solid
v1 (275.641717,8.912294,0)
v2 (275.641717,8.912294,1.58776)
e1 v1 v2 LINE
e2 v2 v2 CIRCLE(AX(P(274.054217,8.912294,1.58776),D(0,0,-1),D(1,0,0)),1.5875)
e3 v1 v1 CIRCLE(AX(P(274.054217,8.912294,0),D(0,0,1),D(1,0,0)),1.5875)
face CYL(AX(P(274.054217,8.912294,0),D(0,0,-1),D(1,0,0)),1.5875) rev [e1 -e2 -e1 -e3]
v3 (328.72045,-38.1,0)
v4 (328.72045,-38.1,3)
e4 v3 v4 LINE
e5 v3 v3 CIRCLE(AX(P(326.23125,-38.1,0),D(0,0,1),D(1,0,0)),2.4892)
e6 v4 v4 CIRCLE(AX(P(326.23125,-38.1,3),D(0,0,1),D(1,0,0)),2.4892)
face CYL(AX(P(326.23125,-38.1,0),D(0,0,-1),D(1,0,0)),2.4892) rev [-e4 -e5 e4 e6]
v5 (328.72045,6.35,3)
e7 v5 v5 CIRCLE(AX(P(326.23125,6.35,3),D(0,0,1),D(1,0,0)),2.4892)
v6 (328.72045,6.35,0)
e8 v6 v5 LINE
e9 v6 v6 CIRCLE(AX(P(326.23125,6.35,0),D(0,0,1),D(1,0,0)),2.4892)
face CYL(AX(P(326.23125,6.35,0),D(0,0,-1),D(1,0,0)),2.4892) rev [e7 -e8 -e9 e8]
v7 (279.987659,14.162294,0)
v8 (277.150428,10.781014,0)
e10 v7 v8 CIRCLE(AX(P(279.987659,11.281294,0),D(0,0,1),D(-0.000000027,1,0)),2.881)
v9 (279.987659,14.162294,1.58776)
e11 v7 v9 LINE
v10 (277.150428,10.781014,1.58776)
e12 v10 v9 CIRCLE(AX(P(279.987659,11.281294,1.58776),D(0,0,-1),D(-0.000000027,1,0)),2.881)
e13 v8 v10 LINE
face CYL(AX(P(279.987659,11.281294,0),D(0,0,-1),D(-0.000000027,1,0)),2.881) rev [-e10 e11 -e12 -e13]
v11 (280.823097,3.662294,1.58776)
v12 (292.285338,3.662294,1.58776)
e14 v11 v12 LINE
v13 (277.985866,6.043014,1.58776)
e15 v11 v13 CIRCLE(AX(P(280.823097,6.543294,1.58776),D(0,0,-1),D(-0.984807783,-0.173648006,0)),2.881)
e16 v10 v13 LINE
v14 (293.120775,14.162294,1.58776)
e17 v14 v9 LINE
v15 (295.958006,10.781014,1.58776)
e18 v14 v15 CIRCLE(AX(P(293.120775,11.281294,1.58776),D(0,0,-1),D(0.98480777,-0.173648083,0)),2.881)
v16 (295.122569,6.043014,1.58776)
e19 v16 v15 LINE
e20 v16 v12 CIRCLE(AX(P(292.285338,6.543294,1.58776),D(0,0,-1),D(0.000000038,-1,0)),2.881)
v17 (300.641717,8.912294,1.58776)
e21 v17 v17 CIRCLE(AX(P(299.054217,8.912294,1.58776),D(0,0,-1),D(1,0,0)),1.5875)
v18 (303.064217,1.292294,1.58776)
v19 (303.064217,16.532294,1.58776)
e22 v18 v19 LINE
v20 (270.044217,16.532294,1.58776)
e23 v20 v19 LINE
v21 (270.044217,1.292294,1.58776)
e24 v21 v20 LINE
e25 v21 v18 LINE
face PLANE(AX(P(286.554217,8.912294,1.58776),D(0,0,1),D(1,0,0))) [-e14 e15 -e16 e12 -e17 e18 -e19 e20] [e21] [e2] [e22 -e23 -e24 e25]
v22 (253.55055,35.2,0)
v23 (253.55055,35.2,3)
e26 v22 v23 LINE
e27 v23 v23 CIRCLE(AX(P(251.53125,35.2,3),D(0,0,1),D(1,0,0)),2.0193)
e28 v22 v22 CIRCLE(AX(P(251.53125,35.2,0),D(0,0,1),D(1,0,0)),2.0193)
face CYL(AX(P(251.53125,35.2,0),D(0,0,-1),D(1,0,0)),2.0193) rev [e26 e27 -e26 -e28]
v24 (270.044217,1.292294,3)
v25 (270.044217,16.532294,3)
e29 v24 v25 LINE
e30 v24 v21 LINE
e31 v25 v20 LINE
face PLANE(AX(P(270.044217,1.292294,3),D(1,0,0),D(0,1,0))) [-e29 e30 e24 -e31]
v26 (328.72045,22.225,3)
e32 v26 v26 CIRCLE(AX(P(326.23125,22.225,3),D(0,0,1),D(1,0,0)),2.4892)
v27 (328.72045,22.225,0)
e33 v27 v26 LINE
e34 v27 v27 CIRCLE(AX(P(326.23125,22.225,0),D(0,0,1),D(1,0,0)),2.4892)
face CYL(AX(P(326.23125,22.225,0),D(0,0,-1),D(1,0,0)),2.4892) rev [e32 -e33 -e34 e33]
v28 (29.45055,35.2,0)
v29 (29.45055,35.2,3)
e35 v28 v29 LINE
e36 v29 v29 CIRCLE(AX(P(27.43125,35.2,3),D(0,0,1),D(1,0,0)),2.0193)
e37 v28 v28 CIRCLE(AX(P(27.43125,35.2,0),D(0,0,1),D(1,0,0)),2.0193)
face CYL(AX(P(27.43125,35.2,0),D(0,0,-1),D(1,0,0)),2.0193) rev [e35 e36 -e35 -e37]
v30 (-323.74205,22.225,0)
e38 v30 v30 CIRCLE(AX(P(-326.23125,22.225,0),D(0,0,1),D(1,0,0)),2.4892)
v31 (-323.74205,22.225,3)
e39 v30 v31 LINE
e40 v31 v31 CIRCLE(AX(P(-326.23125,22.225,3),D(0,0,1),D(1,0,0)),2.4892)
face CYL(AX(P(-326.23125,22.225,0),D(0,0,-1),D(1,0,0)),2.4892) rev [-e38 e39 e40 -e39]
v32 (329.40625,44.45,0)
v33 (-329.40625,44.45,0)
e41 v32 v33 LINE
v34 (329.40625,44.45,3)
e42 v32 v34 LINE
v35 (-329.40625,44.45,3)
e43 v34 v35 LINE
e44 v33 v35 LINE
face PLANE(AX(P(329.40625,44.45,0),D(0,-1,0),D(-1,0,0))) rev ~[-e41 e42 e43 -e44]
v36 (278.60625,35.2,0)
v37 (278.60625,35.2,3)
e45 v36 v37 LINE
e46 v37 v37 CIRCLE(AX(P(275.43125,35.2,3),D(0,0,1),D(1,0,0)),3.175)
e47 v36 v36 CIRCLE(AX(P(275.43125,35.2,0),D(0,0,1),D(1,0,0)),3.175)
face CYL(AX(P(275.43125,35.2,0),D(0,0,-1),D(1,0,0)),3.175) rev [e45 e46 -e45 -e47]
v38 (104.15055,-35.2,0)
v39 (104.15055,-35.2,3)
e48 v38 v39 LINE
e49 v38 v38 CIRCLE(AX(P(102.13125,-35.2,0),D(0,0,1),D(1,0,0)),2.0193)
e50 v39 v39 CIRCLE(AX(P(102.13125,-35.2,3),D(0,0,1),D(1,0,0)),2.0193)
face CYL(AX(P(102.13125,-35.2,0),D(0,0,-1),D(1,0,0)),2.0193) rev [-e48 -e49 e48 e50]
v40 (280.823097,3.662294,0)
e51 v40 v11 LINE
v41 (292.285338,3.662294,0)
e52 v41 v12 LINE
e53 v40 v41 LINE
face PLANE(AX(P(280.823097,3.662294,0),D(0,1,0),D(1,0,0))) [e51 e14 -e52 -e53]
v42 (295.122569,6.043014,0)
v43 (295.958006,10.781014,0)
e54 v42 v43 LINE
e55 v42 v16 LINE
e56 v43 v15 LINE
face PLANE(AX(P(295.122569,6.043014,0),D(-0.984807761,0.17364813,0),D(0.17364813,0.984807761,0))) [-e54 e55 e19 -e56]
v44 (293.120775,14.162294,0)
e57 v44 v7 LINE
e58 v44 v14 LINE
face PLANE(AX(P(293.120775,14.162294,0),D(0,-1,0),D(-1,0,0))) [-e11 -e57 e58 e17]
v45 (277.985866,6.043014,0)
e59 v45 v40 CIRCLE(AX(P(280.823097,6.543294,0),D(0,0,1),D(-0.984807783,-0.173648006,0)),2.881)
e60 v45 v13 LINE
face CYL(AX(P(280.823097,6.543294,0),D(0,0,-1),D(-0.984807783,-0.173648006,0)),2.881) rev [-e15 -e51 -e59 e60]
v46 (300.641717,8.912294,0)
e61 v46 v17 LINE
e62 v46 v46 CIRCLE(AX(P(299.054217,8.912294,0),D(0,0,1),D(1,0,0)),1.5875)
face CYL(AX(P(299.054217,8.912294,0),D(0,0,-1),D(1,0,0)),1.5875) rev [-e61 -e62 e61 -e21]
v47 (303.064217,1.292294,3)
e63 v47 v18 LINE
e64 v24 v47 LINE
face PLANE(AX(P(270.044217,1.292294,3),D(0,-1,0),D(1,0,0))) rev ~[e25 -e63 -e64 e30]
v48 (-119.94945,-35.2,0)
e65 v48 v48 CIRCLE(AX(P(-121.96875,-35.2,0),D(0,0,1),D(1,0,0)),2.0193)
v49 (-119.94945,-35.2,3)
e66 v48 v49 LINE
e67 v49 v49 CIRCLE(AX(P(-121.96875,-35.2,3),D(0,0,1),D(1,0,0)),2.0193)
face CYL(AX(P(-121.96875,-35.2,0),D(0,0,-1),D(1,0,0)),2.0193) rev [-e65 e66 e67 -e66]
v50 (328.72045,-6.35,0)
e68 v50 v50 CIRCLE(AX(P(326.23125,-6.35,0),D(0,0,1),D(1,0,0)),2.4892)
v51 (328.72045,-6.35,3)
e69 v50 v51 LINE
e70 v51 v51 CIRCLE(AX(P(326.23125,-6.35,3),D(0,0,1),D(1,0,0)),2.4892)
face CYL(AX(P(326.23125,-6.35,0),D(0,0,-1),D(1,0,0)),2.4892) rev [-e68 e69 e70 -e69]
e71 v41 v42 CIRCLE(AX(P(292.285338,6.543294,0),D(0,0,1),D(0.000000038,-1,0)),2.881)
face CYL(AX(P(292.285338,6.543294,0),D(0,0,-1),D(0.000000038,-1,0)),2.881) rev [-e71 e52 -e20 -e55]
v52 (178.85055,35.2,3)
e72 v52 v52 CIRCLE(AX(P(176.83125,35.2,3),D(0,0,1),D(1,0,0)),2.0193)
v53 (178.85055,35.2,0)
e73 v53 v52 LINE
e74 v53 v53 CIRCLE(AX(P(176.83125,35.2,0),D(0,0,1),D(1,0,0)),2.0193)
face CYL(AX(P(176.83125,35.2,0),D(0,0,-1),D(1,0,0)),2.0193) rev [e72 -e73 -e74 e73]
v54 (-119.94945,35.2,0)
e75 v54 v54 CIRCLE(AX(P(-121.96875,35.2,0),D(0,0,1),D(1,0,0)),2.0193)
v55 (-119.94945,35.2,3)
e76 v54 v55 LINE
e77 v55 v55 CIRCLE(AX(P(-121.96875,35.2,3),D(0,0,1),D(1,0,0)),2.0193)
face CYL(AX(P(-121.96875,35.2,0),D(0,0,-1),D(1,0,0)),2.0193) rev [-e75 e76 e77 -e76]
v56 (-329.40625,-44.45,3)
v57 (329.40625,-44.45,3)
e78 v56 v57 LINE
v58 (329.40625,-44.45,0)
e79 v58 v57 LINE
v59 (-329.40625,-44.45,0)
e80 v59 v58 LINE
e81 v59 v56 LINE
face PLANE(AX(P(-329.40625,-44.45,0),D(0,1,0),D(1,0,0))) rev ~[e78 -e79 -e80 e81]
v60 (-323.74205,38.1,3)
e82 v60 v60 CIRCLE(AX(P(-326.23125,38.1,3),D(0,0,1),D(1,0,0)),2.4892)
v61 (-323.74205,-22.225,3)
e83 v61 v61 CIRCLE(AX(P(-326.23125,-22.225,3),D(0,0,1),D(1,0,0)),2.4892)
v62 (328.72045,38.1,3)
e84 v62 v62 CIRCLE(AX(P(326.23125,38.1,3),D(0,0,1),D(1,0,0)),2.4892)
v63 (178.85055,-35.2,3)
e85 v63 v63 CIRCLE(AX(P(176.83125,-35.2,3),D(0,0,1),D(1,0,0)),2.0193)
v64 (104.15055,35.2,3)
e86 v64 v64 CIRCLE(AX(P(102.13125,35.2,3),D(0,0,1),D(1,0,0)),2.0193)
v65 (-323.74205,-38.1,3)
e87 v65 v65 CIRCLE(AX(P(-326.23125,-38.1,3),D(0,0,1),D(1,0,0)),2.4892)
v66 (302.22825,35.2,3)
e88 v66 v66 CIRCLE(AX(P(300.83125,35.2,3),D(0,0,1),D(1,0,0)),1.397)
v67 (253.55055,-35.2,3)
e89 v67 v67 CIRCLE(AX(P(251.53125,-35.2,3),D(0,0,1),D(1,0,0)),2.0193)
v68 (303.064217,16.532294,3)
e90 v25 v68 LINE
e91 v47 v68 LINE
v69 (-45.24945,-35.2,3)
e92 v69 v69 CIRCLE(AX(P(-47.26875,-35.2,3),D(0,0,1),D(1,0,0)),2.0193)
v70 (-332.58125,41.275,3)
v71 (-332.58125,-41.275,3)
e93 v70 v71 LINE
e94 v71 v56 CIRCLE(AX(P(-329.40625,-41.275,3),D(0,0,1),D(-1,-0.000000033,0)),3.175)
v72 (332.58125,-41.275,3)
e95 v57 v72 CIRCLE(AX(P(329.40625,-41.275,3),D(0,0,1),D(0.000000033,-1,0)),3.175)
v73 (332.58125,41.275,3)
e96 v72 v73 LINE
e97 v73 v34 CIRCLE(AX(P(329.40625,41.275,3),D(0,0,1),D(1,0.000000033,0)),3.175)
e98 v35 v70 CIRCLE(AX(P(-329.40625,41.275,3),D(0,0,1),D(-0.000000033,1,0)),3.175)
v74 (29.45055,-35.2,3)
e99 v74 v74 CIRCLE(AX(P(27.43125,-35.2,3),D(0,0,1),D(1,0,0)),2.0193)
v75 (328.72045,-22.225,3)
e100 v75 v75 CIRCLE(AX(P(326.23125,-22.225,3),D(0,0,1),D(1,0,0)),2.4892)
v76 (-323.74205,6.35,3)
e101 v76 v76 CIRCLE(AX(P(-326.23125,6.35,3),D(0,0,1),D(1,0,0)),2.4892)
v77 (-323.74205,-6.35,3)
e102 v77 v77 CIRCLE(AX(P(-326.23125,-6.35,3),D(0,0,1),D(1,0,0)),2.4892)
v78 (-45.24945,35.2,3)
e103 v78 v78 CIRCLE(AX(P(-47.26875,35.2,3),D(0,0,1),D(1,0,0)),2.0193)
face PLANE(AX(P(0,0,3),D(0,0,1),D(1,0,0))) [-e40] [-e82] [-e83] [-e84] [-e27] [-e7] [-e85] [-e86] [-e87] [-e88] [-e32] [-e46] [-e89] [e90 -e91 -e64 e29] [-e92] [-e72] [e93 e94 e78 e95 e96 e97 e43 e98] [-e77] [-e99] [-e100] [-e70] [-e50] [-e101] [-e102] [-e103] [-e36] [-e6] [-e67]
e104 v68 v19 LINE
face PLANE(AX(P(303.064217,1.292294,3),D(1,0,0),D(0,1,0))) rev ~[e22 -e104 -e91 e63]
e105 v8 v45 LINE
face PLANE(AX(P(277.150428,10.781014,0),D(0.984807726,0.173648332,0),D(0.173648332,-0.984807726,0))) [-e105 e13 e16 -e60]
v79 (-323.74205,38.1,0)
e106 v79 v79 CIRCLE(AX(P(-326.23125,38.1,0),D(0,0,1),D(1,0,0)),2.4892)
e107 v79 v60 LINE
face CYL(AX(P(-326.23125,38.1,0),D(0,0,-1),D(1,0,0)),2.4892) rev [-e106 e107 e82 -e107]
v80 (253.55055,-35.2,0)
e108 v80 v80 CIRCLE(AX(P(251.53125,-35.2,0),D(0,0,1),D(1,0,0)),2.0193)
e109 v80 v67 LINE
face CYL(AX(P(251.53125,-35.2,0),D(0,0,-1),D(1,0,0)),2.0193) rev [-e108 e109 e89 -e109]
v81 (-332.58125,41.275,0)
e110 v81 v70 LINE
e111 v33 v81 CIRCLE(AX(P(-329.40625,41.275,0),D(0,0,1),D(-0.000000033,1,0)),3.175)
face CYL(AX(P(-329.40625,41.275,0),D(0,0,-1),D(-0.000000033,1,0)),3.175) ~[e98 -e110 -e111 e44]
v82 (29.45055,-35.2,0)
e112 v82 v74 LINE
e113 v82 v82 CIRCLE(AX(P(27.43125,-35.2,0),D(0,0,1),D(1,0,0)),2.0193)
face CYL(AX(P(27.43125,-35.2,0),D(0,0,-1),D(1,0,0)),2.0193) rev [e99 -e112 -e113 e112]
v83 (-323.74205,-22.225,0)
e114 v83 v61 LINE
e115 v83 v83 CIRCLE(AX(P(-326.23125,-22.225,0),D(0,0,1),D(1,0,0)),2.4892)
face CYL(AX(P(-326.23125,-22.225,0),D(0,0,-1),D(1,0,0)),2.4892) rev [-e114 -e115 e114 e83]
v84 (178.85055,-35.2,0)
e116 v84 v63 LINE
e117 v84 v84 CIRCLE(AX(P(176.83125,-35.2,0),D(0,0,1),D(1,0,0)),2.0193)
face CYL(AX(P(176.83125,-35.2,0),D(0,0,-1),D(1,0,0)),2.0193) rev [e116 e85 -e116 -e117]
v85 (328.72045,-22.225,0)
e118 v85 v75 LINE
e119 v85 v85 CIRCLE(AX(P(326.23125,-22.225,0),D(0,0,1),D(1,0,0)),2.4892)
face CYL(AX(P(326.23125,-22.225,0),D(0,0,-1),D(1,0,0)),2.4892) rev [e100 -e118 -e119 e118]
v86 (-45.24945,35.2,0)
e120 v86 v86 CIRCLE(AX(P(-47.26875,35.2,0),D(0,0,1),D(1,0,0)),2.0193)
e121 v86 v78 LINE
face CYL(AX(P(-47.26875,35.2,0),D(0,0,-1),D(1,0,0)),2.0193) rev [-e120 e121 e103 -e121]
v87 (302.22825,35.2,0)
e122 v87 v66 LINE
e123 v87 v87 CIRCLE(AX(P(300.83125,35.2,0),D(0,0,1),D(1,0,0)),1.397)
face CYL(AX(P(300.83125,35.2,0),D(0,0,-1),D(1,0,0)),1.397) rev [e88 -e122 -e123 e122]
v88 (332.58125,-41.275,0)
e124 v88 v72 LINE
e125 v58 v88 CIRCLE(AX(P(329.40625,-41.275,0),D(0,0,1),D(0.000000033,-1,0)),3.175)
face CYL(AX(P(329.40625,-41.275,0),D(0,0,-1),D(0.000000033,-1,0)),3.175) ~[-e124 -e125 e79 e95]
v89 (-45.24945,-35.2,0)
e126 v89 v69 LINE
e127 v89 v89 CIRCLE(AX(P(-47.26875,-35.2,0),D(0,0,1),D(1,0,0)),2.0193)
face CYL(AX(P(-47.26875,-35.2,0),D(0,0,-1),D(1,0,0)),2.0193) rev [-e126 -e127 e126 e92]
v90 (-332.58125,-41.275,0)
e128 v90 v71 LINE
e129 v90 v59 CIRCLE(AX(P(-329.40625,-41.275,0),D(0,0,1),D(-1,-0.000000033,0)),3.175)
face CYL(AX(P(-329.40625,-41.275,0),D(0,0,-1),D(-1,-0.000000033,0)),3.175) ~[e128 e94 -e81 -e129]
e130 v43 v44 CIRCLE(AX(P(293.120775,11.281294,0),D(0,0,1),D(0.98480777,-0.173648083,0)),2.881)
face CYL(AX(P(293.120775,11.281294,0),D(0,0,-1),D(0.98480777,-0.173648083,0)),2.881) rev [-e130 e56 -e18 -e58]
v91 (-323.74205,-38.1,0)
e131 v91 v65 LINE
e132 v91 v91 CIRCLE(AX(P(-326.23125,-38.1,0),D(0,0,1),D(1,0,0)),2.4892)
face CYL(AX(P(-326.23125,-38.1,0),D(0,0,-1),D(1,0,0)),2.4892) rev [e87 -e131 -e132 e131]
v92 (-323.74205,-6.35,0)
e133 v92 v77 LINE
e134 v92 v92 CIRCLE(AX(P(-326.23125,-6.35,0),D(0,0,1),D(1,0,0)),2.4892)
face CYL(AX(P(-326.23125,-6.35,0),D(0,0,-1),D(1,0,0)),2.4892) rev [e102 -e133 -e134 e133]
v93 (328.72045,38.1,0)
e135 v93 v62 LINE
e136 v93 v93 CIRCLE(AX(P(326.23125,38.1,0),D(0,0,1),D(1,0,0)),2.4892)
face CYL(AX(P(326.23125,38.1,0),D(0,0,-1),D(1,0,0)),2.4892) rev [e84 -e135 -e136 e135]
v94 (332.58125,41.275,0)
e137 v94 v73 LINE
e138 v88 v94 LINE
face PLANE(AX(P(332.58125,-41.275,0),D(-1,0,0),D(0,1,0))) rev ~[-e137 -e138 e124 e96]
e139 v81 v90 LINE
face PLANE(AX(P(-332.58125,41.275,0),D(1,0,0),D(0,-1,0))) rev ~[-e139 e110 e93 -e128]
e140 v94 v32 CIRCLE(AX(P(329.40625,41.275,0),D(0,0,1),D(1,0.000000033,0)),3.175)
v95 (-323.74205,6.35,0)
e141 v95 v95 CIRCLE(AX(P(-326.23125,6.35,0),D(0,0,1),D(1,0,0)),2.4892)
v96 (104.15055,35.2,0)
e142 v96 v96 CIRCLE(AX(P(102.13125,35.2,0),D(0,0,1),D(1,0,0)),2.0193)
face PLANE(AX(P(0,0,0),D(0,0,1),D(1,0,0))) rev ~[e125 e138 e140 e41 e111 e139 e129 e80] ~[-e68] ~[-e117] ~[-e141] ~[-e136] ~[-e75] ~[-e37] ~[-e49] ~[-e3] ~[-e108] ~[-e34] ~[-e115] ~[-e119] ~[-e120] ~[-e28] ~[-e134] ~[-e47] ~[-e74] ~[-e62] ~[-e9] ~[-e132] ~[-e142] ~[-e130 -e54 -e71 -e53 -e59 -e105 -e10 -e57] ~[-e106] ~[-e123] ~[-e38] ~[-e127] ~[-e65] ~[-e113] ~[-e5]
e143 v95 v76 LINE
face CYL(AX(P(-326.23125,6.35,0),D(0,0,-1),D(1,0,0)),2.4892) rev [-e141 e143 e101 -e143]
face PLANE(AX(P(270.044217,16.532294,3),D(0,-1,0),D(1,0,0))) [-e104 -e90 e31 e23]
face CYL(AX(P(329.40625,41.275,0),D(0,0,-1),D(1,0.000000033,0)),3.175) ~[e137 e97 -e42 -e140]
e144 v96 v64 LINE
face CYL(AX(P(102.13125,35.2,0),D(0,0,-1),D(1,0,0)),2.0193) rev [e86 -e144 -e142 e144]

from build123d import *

# Parameters (mm, degrees)
F0_R     = 2.4892
F0_R_2   = 2.0193
F0_R_3   = 3.175
F0_R_4   = 1.397
F2_DEPTH = 3
F1_R     = 1.5875
F3_DEPTH = 3.001
F4_W     = 33.02
F4_H     = 15.24
F5_DEPTH = 1.41224


with BuildPart() as f2:
    # F0 (on Top) → F2 (new body)
    with BuildSketch(Plane.XY):
        with BuildLine():
            Line((329.40625, 44.45), (-329.40625, 44.45))
            ThreePointArc((-329.40625, 44.45), (-331.651314, 43.520064), (-332.58125, 41.275))
            Line((-332.58125, 41.275), (-332.58125, -41.275))
            ThreePointArc((-332.58125, -41.275), (-331.651314, -43.520064), (-329.40625, -44.45))
            Line((-329.40625, -44.45), (329.40625, -44.45))
            ThreePointArc((329.40625, -44.45), (331.651314, -43.520064), (332.58125, -41.275))
            Line((332.58125, -41.275), (332.58125, 41.275))
            ThreePointArc((332.58125, 41.275), (331.651314, 43.520064), (329.40625, 44.45))
        make_face()
        with Locations((-326.23125, -38.1)):
            Circle(F0_R, mode=Mode.SUBTRACT)
        with Locations((-121.96875, -35.2)):
            Circle(F0_R_2, mode=Mode.SUBTRACT)
        with Locations((-47.26875, -35.2)):
            Circle(F0_R_2, mode=Mode.SUBTRACT)
        with Locations((-326.23125, -22.225)):
            Circle(F0_R, mode=Mode.SUBTRACT)
        with Locations((-326.23125, -6.35)):
            Circle(F0_R, mode=Mode.SUBTRACT)
        with Locations((27.43125, -35.2)):
            Circle(F0_R_2, mode=Mode.SUBTRACT)
        with Locations((102.13125, -35.2)):
            Circle(F0_R_2, mode=Mode.SUBTRACT)
        with Locations((176.83125, -35.2)):
            Circle(F0_R_2, mode=Mode.SUBTRACT)
        with Locations((251.53125, -35.2)):
            Circle(F0_R_2, mode=Mode.SUBTRACT)
        with Locations((326.23125, -38.1)):
            Circle(F0_R, mode=Mode.SUBTRACT)
        with Locations((326.23125, -22.225)):
            Circle(F0_R, mode=Mode.SUBTRACT)
        with Locations((326.23125, -6.35)):
            Circle(F0_R, mode=Mode.SUBTRACT)
        with Locations((-326.23125, 6.35)):
            Circle(F0_R, mode=Mode.SUBTRACT)
        with Locations((-326.23125, 22.225)):
            Circle(F0_R, mode=Mode.SUBTRACT)
        with Locations((-326.23125, 38.1)):
            Circle(F0_R, mode=Mode.SUBTRACT)
        with Locations((-121.96875, 35.2)):
            Circle(F0_R_2, mode=Mode.SUBTRACT)
        with Locations((-47.26875, 35.2)):
            Circle(F0_R_2, mode=Mode.SUBTRACT)
        with Locations((326.23125, 6.35)):
            Circle(F0_R, mode=Mode.SUBTRACT)
        with Locations((27.43125, 35.2)):
            Circle(F0_R_2, mode=Mode.SUBTRACT)
        with Locations((102.13125, 35.2)):
            Circle(F0_R_2, mode=Mode.SUBTRACT)
        with Locations((326.23125, 22.225)):
            Circle(F0_R, mode=Mode.SUBTRACT)
        with Locations((176.83125, 35.2)):
            Circle(F0_R_2, mode=Mode.SUBTRACT)
        with Locations((251.53125, 35.2)):
            Circle(F0_R_2, mode=Mode.SUBTRACT)
        with Locations((275.43125, 35.2)):
            Circle(F0_R_3, mode=Mode.SUBTRACT)
        with Locations((300.83125, 35.2)):
            Circle(F0_R_4, mode=Mode.SUBTRACT)
        with Locations((326.23125, 38.1)):
            Circle(F0_R, mode=Mode.SUBTRACT)
    extrude(amount=F2_DEPTH)

    # F1 (on face) → F3 (cut, through all)
    with BuildSketch(Plane.XY):
        with BuildLine():
            Line((293.120775, 14.162294), (279.987659, 14.162294))
            ThreePointArc((279.987659, 14.162294), (277.780685, 13.133165), (277.150428, 10.781014))
            Line((277.150428, 10.781014), (277.985866, 6.043014))
            ThreePointArc((277.985866, 6.043014), (278.971226, 4.33632), (280.823097, 3.662294))
            Line((280.823097, 3.662294), (292.285338, 3.662294))
            ThreePointArc((292.285338, 3.662294), (294.137209, 4.33632), (295.122569, 6.043014))
            Line((295.122569, 6.043014), (295.958006, 10.781014))
            ThreePointArc((295.958006, 10.781014), (295.327749, 13.133165), (293.120775, 14.162294))
        make_face()
        with Locations((274.054217, 8.912294)):
            Circle(F1_R)
        with Locations((299.054217, 8.912294)):
            Circle(F1_R)
    extrude(amount=F3_DEPTH, mode=Mode.SUBTRACT)

    # F4 (on face) → F5 (cut)
    with BuildSketch(Plane.XY.offset(3)):
        with Locations((286.554217, 8.912294)):
            Rectangle(F4_W, F4_H)
    extrude(amount=-F5_DEPTH, mode=Mode.SUBTRACT)


solid = f2.part
